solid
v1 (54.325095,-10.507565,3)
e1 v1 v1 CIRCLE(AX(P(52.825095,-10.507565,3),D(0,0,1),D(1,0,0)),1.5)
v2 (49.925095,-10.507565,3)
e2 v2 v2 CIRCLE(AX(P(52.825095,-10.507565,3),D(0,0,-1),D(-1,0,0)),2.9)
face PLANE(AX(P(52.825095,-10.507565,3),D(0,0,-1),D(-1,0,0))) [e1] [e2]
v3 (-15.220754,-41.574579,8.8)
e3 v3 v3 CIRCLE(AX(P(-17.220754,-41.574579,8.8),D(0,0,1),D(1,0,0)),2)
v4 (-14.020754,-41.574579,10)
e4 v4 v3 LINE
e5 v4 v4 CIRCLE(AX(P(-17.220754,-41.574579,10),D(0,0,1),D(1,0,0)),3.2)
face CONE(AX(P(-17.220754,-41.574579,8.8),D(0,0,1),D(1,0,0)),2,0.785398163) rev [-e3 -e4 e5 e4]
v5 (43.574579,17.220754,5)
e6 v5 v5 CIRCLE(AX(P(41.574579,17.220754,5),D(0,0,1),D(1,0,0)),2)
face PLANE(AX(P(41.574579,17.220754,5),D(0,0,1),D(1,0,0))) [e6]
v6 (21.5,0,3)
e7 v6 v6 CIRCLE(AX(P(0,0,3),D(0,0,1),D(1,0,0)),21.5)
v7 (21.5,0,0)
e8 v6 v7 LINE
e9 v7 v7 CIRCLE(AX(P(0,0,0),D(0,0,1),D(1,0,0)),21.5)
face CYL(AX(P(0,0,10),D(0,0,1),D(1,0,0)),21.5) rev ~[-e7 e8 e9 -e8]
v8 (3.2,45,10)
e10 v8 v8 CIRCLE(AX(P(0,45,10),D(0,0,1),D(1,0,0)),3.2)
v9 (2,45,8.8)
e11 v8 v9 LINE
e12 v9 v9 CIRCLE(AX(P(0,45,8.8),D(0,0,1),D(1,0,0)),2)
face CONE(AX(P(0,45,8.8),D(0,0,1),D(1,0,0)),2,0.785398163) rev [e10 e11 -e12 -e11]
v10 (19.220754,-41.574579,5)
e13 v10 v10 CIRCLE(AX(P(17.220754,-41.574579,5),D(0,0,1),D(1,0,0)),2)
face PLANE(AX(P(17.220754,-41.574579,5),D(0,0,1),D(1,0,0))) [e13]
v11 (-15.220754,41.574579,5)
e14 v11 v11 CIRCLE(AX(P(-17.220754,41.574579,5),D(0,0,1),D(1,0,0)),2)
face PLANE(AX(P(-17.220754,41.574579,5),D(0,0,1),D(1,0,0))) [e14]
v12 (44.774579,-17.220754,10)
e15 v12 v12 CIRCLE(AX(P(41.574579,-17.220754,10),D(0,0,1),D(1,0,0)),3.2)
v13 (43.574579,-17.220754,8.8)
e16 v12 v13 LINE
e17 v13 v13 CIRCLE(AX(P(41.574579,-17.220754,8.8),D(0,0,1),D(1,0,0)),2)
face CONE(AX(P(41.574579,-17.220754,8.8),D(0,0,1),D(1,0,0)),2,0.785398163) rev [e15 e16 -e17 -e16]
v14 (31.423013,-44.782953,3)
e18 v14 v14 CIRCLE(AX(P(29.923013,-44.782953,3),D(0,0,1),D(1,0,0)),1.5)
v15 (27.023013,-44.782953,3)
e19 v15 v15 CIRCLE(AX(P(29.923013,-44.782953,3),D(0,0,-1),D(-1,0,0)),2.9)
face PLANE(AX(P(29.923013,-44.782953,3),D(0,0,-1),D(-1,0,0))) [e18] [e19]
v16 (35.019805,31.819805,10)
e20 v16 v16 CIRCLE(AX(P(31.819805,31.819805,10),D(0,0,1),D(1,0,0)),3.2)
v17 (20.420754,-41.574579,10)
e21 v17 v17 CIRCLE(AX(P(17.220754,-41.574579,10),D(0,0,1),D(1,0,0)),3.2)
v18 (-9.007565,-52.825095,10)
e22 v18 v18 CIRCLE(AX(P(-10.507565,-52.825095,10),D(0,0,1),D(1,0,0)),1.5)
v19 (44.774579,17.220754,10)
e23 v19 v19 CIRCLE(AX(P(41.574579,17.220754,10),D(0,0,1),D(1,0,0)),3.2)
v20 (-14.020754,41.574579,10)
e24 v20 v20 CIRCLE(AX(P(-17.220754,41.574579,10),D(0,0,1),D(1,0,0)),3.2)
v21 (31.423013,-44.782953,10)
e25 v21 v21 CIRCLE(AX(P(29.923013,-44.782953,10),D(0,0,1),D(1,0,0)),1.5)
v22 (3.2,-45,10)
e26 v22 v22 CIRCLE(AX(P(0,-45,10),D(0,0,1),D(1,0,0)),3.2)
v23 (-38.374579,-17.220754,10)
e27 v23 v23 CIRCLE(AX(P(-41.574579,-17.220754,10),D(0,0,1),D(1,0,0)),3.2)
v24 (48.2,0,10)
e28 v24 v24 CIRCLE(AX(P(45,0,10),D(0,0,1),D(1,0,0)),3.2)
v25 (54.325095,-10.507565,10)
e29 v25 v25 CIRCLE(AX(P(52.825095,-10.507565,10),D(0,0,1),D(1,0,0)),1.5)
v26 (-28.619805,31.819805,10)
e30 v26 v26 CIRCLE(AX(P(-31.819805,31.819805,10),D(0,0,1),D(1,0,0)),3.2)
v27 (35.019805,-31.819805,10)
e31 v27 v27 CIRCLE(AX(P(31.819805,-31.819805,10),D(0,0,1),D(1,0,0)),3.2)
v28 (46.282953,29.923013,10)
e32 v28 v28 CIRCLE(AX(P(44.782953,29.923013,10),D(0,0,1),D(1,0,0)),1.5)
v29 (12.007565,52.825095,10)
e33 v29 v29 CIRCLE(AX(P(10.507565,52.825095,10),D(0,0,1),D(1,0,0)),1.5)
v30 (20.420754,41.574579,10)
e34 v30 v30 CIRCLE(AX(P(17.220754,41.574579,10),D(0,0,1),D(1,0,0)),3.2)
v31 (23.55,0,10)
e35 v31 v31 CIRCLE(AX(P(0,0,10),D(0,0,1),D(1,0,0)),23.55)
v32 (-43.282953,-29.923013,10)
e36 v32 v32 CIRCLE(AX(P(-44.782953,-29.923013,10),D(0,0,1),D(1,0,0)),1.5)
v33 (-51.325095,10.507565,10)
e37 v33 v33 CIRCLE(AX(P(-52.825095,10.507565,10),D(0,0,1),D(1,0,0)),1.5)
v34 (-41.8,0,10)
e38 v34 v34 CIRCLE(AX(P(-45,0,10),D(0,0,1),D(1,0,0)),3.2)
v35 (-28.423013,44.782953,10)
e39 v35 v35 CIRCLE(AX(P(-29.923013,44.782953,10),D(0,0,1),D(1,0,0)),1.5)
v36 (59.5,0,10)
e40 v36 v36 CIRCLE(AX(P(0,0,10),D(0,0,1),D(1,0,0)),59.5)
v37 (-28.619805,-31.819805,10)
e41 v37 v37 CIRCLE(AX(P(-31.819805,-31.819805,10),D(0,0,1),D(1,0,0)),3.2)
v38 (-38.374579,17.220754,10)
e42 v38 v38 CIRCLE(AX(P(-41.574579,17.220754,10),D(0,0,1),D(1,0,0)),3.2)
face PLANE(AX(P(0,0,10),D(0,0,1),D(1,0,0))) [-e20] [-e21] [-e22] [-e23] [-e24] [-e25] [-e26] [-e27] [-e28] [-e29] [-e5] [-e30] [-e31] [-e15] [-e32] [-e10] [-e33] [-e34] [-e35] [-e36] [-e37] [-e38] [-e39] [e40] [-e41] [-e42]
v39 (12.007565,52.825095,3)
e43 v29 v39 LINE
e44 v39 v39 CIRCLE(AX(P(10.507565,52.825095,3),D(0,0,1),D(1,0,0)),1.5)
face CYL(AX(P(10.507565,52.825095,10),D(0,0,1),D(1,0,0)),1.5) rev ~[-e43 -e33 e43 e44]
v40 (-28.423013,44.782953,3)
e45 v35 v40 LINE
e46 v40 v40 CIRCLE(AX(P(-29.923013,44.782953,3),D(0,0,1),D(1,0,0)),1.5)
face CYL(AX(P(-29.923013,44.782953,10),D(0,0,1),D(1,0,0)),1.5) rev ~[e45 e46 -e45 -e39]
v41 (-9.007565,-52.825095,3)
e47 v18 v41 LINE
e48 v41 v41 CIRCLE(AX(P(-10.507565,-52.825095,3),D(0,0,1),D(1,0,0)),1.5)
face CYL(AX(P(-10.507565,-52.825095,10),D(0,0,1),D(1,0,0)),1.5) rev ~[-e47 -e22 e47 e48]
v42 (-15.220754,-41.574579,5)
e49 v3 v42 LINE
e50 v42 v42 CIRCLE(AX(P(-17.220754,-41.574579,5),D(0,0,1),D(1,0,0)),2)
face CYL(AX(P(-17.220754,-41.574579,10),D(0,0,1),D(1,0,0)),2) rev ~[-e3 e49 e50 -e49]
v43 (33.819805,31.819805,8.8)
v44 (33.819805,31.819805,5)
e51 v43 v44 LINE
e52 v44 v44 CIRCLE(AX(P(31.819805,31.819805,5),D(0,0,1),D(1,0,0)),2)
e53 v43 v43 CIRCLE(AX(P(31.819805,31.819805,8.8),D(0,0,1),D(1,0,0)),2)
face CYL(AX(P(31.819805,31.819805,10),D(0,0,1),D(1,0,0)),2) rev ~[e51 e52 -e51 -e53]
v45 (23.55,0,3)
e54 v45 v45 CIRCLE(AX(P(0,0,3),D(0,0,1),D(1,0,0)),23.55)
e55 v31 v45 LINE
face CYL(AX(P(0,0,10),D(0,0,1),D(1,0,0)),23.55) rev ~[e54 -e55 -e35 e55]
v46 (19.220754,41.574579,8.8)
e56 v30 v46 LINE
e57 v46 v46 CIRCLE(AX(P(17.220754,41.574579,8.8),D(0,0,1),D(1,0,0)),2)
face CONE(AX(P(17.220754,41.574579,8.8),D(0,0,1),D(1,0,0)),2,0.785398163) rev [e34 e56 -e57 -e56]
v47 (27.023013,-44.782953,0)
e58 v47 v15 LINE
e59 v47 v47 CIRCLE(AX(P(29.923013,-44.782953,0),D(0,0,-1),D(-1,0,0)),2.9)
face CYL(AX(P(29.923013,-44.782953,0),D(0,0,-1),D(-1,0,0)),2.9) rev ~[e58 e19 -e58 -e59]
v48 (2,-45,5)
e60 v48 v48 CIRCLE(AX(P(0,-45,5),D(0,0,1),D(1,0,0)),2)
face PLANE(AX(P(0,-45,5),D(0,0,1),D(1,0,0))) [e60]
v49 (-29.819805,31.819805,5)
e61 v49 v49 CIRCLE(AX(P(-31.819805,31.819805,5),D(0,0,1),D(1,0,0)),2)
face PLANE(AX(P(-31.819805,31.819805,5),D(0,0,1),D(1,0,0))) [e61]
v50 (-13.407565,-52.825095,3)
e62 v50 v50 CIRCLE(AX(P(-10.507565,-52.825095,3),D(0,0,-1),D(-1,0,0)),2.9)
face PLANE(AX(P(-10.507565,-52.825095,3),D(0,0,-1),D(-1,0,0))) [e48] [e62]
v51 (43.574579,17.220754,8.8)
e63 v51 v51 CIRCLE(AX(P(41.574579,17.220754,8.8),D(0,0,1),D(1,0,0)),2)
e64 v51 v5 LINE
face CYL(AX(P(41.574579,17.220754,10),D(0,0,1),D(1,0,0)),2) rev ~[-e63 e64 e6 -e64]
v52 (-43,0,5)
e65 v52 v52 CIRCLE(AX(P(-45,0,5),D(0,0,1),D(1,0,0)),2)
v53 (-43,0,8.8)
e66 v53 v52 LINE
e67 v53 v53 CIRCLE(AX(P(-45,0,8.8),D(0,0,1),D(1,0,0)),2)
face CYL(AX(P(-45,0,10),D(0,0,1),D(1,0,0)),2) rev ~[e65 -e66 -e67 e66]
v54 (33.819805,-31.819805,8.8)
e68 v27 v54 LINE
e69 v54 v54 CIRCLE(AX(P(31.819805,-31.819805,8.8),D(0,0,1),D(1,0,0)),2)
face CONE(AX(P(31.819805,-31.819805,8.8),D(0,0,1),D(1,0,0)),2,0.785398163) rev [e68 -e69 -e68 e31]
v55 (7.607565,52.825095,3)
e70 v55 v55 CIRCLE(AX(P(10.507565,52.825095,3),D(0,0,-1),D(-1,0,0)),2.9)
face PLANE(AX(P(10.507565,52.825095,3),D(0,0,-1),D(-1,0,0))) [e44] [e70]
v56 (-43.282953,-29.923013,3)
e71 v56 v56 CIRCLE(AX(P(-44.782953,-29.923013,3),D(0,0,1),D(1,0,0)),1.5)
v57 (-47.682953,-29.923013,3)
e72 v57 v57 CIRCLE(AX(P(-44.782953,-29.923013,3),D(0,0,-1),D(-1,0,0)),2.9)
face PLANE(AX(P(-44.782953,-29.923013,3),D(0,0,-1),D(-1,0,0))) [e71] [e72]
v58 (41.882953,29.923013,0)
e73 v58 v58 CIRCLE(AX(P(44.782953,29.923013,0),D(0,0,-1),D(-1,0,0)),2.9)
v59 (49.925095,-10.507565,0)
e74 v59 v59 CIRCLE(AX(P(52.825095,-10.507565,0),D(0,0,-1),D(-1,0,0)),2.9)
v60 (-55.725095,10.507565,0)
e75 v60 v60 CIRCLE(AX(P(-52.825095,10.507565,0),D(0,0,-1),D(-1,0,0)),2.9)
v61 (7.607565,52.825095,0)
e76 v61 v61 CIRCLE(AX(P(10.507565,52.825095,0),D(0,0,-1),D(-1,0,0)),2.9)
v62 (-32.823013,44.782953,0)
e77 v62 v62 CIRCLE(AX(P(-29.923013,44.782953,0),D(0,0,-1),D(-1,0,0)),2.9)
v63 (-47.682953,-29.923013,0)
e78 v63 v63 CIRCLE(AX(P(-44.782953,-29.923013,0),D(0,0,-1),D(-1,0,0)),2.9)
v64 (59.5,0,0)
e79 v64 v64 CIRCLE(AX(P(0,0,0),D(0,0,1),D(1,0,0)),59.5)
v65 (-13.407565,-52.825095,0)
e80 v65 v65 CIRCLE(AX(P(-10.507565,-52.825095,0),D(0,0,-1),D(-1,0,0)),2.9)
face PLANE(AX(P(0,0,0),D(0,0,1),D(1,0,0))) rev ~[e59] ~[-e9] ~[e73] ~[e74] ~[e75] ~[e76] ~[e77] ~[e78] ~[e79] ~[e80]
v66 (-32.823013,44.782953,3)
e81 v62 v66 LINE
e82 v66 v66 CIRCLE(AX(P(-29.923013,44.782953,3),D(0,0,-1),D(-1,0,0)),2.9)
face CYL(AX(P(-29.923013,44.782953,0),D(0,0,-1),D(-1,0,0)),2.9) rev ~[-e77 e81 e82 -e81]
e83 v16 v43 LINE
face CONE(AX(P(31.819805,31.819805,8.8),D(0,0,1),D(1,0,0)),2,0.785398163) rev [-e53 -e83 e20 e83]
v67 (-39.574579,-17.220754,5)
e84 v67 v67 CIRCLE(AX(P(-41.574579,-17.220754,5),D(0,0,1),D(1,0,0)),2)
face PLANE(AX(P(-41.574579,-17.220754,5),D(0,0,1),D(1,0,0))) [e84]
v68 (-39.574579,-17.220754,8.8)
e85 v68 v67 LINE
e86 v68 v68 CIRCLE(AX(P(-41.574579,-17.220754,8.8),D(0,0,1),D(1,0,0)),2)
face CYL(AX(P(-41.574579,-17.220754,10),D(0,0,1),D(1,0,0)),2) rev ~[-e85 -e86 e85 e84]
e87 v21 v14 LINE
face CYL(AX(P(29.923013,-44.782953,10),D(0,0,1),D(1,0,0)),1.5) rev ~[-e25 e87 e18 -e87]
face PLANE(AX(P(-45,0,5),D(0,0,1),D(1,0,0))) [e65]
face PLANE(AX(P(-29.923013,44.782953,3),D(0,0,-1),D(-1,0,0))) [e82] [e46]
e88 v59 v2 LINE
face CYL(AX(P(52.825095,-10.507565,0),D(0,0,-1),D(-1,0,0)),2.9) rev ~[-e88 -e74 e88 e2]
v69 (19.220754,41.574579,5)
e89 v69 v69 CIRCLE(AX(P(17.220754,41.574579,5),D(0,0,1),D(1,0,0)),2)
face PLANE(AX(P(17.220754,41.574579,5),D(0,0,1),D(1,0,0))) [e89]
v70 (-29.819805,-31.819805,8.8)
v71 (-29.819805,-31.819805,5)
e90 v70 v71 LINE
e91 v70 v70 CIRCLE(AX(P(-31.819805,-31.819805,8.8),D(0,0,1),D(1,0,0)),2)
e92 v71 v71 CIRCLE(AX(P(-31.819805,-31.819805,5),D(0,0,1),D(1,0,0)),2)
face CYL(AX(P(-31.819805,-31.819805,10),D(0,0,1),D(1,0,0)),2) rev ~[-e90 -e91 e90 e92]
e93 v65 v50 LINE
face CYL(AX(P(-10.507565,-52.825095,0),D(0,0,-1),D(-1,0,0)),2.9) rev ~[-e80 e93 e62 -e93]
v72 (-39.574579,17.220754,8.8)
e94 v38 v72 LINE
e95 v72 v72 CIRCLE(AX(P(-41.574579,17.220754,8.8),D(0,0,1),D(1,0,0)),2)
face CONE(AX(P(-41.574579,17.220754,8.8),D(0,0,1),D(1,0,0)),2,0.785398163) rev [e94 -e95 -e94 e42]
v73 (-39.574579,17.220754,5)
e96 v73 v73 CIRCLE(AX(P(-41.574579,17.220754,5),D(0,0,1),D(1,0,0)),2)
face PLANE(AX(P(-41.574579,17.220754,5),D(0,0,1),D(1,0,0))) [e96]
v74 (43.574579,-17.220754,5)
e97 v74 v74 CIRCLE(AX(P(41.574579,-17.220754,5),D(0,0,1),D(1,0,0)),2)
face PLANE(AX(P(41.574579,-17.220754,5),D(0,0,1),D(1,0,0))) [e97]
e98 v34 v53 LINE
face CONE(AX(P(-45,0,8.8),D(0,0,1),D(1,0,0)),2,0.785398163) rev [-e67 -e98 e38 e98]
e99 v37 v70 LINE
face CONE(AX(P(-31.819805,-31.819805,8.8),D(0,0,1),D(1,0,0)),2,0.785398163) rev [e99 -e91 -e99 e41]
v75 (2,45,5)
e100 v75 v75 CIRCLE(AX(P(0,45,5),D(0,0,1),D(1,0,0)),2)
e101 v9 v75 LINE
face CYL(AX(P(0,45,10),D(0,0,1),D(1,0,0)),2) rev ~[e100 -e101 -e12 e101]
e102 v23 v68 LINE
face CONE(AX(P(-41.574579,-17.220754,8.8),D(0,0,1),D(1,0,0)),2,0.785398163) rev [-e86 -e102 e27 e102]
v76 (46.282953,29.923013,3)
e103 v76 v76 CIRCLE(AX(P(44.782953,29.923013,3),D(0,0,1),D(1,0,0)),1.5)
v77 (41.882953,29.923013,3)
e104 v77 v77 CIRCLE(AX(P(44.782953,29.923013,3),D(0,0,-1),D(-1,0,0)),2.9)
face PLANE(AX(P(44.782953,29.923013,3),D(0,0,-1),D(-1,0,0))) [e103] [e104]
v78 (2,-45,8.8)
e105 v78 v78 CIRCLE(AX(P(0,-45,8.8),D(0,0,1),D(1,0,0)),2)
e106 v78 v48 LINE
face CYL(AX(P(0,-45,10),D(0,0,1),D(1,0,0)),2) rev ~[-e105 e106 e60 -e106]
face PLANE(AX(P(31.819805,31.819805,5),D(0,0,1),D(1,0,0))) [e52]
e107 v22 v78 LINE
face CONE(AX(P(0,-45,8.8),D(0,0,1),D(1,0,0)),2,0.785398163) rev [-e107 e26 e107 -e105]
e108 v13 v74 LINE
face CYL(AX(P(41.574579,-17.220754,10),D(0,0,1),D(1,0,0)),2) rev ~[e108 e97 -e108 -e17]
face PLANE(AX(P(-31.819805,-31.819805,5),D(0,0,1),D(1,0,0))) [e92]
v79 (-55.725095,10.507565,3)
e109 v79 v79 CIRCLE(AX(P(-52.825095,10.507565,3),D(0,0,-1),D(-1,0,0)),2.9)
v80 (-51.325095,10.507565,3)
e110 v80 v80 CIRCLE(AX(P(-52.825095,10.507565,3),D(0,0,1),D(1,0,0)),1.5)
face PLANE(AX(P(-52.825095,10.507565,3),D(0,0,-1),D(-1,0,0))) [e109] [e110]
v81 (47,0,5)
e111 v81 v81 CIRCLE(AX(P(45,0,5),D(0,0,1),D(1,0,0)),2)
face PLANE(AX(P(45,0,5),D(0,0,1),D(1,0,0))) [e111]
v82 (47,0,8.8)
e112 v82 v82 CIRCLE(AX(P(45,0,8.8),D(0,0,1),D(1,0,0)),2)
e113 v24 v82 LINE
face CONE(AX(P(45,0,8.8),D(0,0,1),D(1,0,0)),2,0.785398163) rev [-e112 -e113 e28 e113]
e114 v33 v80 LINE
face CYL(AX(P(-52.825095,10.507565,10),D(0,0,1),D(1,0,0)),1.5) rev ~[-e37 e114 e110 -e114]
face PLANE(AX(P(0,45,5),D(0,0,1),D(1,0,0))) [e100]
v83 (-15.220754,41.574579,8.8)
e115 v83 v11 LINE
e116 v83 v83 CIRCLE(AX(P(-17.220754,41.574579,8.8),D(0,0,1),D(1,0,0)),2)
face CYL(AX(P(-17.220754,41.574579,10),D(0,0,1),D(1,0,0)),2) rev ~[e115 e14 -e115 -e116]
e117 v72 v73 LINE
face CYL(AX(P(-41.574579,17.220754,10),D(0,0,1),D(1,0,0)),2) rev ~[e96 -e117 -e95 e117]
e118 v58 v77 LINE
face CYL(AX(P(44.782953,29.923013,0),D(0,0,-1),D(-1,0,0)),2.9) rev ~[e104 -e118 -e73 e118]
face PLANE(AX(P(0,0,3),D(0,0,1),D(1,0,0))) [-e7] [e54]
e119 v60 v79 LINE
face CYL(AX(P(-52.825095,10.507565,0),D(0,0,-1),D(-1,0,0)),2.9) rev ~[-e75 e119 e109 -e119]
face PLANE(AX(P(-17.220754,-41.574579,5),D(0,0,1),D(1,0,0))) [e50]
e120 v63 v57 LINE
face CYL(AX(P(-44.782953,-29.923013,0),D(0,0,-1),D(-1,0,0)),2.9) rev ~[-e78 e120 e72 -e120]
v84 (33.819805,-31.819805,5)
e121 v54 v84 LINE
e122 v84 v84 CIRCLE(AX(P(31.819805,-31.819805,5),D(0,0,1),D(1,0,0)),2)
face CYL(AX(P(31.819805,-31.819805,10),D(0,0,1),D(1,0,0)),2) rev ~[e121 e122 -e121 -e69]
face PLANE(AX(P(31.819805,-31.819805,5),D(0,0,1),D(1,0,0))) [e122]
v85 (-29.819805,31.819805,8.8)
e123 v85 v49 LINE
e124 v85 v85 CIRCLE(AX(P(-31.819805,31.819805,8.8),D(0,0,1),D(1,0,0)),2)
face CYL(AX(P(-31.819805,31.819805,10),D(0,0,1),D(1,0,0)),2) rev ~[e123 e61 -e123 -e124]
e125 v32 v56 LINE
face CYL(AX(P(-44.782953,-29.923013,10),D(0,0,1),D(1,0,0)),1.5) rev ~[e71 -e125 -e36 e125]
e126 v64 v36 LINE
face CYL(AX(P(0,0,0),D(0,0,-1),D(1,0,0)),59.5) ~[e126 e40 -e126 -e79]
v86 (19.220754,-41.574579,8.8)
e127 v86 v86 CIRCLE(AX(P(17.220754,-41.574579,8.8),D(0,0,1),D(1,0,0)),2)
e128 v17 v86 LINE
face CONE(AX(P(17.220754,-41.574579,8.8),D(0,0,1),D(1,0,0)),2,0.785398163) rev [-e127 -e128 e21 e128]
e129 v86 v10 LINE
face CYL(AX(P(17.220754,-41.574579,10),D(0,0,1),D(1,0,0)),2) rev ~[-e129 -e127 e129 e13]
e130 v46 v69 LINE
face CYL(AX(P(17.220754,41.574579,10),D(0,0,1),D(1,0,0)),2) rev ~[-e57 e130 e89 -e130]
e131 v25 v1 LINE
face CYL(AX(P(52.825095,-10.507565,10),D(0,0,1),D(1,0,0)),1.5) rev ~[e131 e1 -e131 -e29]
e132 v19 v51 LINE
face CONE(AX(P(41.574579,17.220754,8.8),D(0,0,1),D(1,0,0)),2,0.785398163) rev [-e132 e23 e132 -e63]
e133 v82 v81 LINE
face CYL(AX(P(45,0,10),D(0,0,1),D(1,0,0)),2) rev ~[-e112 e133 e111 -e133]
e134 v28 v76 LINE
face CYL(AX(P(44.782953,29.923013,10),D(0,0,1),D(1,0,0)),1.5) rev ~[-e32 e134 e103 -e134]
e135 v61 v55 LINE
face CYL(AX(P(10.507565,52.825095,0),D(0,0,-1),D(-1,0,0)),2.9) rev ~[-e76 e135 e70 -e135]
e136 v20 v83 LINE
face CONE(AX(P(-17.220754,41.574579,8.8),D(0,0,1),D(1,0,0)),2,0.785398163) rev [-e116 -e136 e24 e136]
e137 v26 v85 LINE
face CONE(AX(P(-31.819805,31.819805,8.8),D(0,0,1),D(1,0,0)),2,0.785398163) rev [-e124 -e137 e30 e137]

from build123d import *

# Parameters (mm, degrees)
SKETCH3_R           = 59.5
BOSS_EXTRUDE1_DEPTH = 10
SKETCH4_R           = 1.5
CUT_EXTRUDE1_DEPTH  = 85.737830985
SKETCH5_R           = 2
CUT_EXTRUDE2_DEPTH  = 5
SKETCH6_R           = 2.9
CUT_EXTRUDE3_DEPTH  = 3
SKETCH7_R           = 23.55
CUT_EXTRUDE4_DEPTH  = 7
SKETCH8_R           = 21.5
CUT_EXTRUDE5_DEPTH  = 85.737830985
CHAMFER1_SIZE       = 1.2


with BuildPart() as part:
    # Sketch3 → Boss-Extrude1 (new body)
    with BuildSketch(Plane.XY):
        Circle(SKETCH3_R)
    extrude(amount=BOSS_EXTRUDE1_DEPTH)

    # Sketch4 → Cut-Extrude1 (cut, through all)
    with BuildSketch(Plane.XY.offset(10)):
        with Locations((44.782953319, 29.92301275)):
            Circle(SKETCH4_R)
        with Locations((52.825095203, -10.507564744)):
            Circle(SKETCH4_R)
        with Locations((29.92301275, -44.782953319)):
            Circle(SKETCH4_R)
        with Locations((-10.507564744, -52.825095203)):
            Circle(SKETCH4_R)
        with Locations((-44.782953319, -29.92301275)):
            Circle(SKETCH4_R)
        with Locations((-52.825095203, 10.507564744)):
            Circle(SKETCH4_R)
        with Locations((-29.92301275, 44.782953319)):
            Circle(SKETCH4_R)
        with Locations((10.507564744, 52.825095203)):
            Circle(SKETCH4_R)
    extrude(amount=-CUT_EXTRUDE1_DEPTH, mode=Mode.SUBTRACT)

    # Sketch5 → Cut-Extrude2 (cut)
    with BuildSketch(Plane.XY.offset(10)):
        with Locations((45, 0)):
            Circle(SKETCH5_R)
        with Locations((41.574578963, -17.220754456)):
            Circle(SKETCH5_R)
        with Locations((31.819805153, -31.819805153)):
            Circle(SKETCH5_R)
        with Locations((17.220754456, -41.574578963)):
            Circle(SKETCH5_R)
        with Locations((0, -45)):
            Circle(SKETCH5_R)
        with Locations((-17.220754456, -41.574578963)):
            Circle(SKETCH5_R)
        with Locations((-31.819805153, -31.819805153)):
            Circle(SKETCH5_R)
        with Locations((-41.574578963, -17.220754456)):
            Circle(SKETCH5_R)
        with Locations((-45, 0)):
            Circle(SKETCH5_R)
        with Locations((-41.574578963, 17.220754456)):
            Circle(SKETCH5_R)
        with Locations((-31.819805153, 31.819805153)):
            Circle(SKETCH5_R)
        with Locations((-17.220754456, 41.574578963)):
            Circle(SKETCH5_R)
        with Locations((0, 45)):
            Circle(SKETCH5_R)
        with Locations((17.220754456, 41.574578963)):
            Circle(SKETCH5_R)
        with Locations((31.819805153, 31.819805153)):
            Circle(SKETCH5_R)
        with Locations((41.574578963, 17.220754456)):
            Circle(SKETCH5_R)
    extrude(amount=-CUT_EXTRUDE2_DEPTH, mode=Mode.SUBTRACT)

    # Sketch6 → Cut-Extrude3 (cut)
    with BuildSketch(Plane(origin=(0, 0, 0), x_dir=(-1, 0, 0), z_dir=(0, 0, -1))):
        with Locations((52.825095203, 10.507564744)):
            Circle(SKETCH6_R)
        with Locations((44.782953319, -29.92301275)):
            Circle(SKETCH6_R)
        with Locations((10.507564744, -52.825095203)):
            Circle(SKETCH6_R)
        with Locations((-29.92301275, -44.782953319)):
            Circle(SKETCH6_R)
        with Locations((-52.825095203, -10.507564744)):
            Circle(SKETCH6_R)
        with Locations((-44.782953319, 29.92301275)):
            Circle(SKETCH6_R)
        with Locations((-10.507564744, 52.825095203)):
            Circle(SKETCH6_R)
        with Locations((29.92301275, 44.782953319)):
            Circle(SKETCH6_R)
    extrude(amount=-CUT_EXTRUDE3_DEPTH, mode=Mode.SUBTRACT)

    # Sketch7 → Cut-Extrude4 (cut)
    with BuildSketch(Plane.XY.offset(10)):
        Circle(SKETCH7_R)
    extrude(amount=-CUT_EXTRUDE4_DEPTH, mode=Mode.SUBTRACT)

    # Sketch8 → Cut-Extrude5 (cut, through all)
    with BuildSketch(Plane.XY.offset(10)):
        Circle(SKETCH8_R)
    extrude(amount=-CUT_EXTRUDE5_DEPTH, mode=Mode.SUBTRACT)

    # Chamfer1
    chamfer1_edges = [part.edges().sort_by_distance(p)[0] for p in [
        (39.574578963, 17.220754456, 10),
        (29.819805153, 31.819805153, 10),
        (15.220754456, 41.574578963, 10),
        (-2, 45, 10),
        (-19.220754456, 41.574578963, 10),
        (-33.819805153, 31.819805153, 10),
        (-43.574578963, 17.220754456, 10),
        (-47, 0, 10),
        (-43.574578963, -17.220754456, 10),
        (-33.819805153, -31.819805153, 10),
        (-19.220754456, -41.574578963, 10),
        (-2, -45, 10),
        (15.220754456, -41.574578963, 10),
        (29.819805153, -31.819805153, 10),
        (39.574578963, -17.220754456, 10),
        (43, 0, 10),
    ]]
    chamfer(chamfer1_edges, length=CHAMFER1_SIZE)


solid = part.part
